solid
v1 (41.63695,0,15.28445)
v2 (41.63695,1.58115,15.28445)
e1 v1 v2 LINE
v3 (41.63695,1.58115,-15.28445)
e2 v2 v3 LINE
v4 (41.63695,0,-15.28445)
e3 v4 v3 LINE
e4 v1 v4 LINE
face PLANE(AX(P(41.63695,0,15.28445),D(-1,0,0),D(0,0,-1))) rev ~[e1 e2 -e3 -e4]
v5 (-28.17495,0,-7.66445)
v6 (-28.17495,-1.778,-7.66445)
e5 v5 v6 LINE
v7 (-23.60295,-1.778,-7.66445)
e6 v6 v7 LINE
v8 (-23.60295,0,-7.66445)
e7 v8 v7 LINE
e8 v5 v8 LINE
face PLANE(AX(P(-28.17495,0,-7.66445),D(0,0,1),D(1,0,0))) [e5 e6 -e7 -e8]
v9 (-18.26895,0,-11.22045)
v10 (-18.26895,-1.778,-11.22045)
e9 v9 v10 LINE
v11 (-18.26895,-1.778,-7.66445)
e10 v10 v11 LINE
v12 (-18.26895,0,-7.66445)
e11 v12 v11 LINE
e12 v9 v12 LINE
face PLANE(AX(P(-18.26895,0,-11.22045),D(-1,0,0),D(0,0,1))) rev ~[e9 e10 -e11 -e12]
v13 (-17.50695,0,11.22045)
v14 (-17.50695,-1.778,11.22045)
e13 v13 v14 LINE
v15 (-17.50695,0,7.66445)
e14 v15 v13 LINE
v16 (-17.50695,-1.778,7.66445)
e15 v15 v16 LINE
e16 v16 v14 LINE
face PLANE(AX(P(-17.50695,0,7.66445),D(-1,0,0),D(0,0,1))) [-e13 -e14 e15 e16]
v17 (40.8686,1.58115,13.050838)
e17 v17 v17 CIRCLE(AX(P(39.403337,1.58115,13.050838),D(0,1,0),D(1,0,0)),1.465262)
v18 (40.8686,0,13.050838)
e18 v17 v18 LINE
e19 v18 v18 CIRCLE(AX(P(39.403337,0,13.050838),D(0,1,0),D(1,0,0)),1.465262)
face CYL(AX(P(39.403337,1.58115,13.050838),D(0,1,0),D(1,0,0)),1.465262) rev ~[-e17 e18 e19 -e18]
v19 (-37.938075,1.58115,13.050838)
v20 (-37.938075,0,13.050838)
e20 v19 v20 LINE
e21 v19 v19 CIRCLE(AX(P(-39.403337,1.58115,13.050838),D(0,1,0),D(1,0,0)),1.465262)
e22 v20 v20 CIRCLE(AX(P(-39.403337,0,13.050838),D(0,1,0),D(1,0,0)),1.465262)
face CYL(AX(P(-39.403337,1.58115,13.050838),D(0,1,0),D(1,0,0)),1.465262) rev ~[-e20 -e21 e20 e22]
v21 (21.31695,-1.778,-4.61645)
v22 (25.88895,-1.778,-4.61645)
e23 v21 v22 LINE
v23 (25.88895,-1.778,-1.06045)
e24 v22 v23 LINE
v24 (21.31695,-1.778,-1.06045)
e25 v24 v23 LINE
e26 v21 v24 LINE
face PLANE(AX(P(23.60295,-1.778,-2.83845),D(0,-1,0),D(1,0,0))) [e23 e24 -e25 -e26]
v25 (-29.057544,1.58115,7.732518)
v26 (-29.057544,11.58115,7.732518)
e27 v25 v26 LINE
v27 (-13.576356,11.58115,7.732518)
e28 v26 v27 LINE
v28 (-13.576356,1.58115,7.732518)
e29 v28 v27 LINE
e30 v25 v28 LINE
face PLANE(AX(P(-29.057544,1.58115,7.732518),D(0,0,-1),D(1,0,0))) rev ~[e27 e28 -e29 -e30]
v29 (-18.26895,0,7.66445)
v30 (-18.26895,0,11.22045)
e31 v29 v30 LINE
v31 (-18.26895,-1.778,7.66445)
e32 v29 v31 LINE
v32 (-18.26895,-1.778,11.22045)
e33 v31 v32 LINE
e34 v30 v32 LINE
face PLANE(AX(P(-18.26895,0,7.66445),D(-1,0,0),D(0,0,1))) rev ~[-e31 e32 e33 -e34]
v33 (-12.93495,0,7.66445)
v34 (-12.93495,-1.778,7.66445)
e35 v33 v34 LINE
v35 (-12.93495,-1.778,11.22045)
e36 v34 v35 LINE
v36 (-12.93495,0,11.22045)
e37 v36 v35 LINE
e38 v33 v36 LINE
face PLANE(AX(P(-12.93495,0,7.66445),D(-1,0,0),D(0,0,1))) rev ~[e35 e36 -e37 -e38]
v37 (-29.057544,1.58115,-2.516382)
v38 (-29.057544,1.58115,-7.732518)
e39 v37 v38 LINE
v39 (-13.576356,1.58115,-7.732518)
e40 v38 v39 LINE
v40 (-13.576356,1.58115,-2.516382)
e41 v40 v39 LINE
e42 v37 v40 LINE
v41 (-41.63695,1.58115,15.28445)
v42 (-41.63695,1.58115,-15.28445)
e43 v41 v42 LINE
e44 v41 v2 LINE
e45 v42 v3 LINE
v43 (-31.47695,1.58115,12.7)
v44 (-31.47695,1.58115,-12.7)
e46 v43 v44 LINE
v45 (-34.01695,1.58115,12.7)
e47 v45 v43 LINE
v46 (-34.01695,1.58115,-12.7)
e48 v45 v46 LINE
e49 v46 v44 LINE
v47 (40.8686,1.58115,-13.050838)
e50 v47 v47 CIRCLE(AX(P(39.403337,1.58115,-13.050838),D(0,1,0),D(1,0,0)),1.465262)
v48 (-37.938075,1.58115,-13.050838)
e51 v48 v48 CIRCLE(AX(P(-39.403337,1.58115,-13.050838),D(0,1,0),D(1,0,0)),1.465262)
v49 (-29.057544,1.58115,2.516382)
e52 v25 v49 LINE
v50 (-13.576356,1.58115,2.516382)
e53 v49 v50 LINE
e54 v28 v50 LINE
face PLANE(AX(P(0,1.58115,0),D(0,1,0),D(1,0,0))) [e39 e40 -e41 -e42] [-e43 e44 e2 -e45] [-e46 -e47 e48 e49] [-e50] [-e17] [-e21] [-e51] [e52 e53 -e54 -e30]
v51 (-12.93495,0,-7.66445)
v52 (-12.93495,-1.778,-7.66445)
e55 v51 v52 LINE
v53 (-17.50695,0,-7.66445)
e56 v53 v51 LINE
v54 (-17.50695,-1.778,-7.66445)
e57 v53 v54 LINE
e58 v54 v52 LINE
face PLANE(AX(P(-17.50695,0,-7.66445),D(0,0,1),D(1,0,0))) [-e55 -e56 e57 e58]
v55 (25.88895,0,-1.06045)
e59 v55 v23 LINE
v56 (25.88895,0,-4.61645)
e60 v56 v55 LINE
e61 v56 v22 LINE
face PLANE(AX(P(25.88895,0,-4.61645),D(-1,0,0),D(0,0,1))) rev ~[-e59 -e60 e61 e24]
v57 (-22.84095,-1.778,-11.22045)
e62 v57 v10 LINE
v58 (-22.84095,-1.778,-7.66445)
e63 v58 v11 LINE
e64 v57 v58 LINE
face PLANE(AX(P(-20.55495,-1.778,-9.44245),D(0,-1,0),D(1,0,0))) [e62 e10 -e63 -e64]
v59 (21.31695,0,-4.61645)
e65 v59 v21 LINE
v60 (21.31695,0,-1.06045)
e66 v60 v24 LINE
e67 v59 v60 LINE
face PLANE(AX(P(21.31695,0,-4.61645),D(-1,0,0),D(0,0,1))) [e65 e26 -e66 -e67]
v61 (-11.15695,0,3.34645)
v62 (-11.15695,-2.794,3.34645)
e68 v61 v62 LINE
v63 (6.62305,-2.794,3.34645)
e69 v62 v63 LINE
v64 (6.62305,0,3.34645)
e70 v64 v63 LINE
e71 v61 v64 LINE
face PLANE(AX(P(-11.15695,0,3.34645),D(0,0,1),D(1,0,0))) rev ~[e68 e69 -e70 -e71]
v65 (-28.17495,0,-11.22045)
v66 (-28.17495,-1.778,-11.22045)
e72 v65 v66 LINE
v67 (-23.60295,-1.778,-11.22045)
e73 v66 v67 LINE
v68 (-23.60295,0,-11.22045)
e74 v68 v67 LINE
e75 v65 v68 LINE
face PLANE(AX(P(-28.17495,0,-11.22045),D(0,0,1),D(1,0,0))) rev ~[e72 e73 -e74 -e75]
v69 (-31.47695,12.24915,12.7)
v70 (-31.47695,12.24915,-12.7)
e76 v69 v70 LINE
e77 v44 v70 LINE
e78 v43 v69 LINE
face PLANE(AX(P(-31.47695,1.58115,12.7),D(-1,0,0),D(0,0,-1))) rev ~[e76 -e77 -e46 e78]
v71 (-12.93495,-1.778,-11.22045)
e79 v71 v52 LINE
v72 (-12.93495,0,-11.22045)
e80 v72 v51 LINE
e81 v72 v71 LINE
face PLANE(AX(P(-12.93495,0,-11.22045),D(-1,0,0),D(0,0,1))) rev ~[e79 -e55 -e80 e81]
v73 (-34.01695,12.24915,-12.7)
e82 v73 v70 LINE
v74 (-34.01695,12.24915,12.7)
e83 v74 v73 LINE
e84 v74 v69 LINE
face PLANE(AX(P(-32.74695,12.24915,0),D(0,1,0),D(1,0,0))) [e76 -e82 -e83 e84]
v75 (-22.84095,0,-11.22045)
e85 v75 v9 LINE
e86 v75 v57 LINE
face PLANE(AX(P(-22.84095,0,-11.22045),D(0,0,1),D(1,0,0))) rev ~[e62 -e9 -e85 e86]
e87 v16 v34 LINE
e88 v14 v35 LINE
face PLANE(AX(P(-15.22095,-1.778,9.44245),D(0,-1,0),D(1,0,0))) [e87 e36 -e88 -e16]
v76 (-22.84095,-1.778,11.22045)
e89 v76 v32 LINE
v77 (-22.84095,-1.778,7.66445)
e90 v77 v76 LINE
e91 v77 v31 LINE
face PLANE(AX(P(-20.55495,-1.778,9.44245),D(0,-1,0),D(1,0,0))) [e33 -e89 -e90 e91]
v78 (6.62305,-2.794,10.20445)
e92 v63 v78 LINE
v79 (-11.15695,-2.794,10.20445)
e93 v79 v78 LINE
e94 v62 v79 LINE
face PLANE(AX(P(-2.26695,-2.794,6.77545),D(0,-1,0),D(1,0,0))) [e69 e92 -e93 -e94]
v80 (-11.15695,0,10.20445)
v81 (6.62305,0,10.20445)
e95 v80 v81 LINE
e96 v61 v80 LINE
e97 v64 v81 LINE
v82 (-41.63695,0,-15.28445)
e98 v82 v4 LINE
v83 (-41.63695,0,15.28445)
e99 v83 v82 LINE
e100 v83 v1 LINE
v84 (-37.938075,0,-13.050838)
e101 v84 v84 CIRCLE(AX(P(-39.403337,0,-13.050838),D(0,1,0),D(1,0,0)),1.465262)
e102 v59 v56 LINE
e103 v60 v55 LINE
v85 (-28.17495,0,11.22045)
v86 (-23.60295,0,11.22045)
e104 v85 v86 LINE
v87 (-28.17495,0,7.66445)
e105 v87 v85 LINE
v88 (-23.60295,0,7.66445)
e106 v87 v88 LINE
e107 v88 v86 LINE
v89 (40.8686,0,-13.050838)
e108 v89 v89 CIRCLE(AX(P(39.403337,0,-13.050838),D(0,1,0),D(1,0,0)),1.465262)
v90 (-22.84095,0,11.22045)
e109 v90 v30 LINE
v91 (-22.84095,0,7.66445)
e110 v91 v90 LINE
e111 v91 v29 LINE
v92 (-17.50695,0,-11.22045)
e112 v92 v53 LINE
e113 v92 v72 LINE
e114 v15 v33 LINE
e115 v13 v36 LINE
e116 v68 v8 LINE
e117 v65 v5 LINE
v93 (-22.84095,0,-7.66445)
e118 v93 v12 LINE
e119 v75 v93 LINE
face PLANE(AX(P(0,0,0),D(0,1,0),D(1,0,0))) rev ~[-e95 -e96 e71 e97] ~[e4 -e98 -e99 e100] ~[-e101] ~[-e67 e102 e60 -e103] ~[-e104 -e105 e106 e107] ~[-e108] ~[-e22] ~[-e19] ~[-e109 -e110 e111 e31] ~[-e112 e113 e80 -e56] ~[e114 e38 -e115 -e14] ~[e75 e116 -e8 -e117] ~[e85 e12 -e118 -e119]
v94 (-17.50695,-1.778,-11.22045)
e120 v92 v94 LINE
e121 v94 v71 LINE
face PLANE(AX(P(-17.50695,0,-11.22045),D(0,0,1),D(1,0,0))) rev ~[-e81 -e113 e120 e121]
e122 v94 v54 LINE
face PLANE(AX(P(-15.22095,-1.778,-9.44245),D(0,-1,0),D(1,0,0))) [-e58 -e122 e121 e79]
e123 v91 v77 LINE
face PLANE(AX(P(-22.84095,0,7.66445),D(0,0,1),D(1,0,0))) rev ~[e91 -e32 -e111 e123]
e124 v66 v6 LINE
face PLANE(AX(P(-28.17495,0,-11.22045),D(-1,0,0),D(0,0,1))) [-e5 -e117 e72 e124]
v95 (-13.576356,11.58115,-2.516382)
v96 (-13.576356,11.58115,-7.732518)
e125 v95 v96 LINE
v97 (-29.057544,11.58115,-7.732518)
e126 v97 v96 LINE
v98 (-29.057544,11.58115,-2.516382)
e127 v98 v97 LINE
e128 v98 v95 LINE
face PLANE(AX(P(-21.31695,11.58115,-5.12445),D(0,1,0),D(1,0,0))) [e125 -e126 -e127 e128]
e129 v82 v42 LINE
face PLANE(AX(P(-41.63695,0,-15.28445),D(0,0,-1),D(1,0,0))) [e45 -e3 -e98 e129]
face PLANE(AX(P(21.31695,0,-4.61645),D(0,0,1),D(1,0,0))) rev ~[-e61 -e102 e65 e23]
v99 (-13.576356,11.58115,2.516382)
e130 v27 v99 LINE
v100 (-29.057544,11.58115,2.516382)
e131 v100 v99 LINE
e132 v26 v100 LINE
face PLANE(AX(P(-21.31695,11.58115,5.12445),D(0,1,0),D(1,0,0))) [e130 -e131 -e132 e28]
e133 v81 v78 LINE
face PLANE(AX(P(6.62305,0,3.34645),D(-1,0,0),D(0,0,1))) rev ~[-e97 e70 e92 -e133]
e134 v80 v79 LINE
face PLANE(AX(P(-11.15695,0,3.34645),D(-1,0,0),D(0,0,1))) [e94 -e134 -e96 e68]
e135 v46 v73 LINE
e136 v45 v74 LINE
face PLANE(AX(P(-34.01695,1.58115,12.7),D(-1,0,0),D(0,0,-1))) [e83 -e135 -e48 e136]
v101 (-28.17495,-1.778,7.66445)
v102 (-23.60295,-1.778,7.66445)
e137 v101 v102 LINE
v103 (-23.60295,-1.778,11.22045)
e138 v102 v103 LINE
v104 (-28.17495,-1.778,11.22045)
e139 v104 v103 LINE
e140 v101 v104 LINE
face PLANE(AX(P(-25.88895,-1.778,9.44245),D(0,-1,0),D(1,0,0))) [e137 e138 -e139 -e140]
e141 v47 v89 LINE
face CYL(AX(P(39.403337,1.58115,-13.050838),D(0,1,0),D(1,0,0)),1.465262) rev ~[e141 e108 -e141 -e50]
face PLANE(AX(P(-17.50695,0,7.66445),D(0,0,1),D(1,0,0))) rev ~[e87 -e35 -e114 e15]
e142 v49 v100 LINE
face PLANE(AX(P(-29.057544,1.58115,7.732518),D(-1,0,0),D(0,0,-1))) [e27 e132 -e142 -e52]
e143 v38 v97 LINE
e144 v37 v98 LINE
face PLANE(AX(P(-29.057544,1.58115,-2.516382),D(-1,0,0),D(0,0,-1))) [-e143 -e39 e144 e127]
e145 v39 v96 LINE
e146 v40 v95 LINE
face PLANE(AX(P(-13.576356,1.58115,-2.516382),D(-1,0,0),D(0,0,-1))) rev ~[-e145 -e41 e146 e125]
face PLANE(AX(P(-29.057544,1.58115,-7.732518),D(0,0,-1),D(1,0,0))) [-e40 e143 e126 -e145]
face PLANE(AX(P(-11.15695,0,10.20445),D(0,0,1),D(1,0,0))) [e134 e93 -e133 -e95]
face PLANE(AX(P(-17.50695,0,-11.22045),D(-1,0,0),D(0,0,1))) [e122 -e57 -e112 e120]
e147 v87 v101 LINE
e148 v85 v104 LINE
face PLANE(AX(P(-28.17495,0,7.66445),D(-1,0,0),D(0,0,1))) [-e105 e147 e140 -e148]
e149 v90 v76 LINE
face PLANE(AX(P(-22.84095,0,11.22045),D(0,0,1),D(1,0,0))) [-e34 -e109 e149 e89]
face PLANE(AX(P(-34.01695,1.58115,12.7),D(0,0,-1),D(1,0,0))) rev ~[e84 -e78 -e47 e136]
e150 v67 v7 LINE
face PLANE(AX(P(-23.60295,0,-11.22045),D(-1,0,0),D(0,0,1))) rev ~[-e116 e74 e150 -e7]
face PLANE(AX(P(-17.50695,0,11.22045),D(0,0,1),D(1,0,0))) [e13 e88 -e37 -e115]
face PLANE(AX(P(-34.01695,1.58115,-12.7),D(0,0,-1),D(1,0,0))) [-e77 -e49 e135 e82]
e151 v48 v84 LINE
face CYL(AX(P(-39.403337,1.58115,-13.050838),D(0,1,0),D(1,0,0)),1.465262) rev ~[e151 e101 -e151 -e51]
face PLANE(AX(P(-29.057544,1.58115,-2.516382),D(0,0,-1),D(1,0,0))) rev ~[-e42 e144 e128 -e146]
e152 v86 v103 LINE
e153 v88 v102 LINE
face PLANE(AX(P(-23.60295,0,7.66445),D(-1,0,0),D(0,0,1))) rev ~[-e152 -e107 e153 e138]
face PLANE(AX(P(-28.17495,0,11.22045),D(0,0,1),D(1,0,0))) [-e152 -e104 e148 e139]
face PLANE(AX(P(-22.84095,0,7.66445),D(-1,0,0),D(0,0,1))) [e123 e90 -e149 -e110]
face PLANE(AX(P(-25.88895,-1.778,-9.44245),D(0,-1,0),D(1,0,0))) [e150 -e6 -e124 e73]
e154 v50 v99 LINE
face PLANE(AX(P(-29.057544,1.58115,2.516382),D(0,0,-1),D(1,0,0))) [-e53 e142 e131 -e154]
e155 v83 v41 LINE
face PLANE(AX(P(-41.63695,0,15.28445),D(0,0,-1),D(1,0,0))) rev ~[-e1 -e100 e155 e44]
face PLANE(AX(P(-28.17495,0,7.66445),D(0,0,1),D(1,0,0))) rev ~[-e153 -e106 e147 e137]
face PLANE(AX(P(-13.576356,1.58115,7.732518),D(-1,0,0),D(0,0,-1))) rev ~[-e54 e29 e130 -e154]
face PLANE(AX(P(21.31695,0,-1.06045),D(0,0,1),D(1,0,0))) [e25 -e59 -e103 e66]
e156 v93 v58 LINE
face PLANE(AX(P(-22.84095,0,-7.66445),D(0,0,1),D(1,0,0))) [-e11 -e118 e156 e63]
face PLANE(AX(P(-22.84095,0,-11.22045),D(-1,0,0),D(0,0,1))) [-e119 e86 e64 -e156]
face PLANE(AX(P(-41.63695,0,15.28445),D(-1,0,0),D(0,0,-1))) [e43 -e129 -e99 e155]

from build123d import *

# Parameters (mm, degrees)
SKETCH1_W                  = 83.2739
SKETCH1_H                  = 30.5689
PROTON_PCB_DEPTH           = 1.58115
SKETCH2_W                  = 15.481187868
SKETCH2_H                  = 5.216136306
JST_6_PIN_CONNECTORS_DEPTH = 10
SKETCH3_W                  = 2.54
SKETCH3_H                  = 25.4
BOSS_EXTRUDE1_DEPTH        = 10.668
SKETCH4_R                  = 1.4652625
CUT_EXTRUDE1_DEPTH         = 1.58115
SKETCH5_W                  = 4.572
SKETCH5_H                  = 3.556
BOSS_EXTRUDE2_DEPTH        = 1.778
SKETCH6_W                  = 17.78
SKETCH6_H                  = 6.858
BOSS_EXTRUDE3_DEPTH        = 2.794


with BuildPart() as part:
    # Sketch1 → Proton PCB (new body)
    with BuildSketch(Plane(origin=(0, 0, 0), x_dir=(1, 0, 0), z_dir=(0, 1, 0))):
        Rectangle(SKETCH1_W, SKETCH1_H)
    extrude(amount=PROTON_PCB_DEPTH)

    # Sketch2 → JST 6 pin Connectors (add)
    with BuildSketch(Plane(origin=(0, 1.58115, 0), x_dir=(1, 0, 0), z_dir=(0, 1, 0))):
        with Locations((-21.31695, 5.12445)):
            Rectangle(SKETCH2_W, SKETCH2_H)
        with Locations((-21.31695, -5.12445)):
            Rectangle(SKETCH2_W, SKETCH2_H)
    extrude(amount=JST_6_PIN_CONNECTORS_DEPTH)

    # Sketch3 → Boss-Extrude1 (add)
    with BuildSketch(Plane(origin=(0, 1.58115, 0), x_dir=(1, 0, 0), z_dir=(0, 1, 0))):
        with Locations((-32.74695, 0)):
            Rectangle(SKETCH3_W, SKETCH3_H)
    extrude(amount=BOSS_EXTRUDE1_DEPTH)

    # Sketch4 → Cut-Extrude1 (cut)
    with BuildSketch(Plane(origin=(0, 1.58115, 0), x_dir=(1, 0, 0), z_dir=(0, 1, 0))):
        with Locations((-39.4033375, 13.0508375)):
            Circle(SKETCH4_R)
        with Locations((39.4033375, 13.0508375)):
            Circle(SKETCH4_R)
        with Locations((-39.4033375, -13.0508375)):
            Circle(SKETCH4_R)
        with Locations((39.4033375, -13.0508375)):
            Circle(SKETCH4_R)
    extrude(amount=-CUT_EXTRUDE1_DEPTH, mode=Mode.SUBTRACT)

    # Sketch5 → Boss-Extrude2 (add)
    with BuildSketch(Plane.XZ):
        with Locations((-20.55495, 9.44245)):
            Rectangle(SKETCH5_W, SKETCH5_H)
        with Locations((-25.88895, 9.44245)):
            Rectangle(SKETCH5_W, SKETCH5_H)
        with Locations((-15.22095, 9.44245)):
            Rectangle(SKETCH5_W, SKETCH5_H)
        with Locations((23.60295, -2.83845)):
            Rectangle(SKETCH5_W, SKETCH5_H)
        with Locations((-15.22095, -9.44245)):
            Rectangle(SKETCH5_W, SKETCH5_H)
        with Locations((-20.55495, -9.44245)):
            Rectangle(SKETCH5_W, SKETCH5_H)
        with Locations((-25.88895, -9.44245)):
            Rectangle(SKETCH5_W, SKETCH5_H)
    extrude(amount=BOSS_EXTRUDE2_DEPTH)

    # Sketch6 → Boss-Extrude3 (add)
    with BuildSketch(Plane.XZ):
        with Locations((-2.26695, 6.77545)):
            Rectangle(SKETCH6_W, SKETCH6_H)
    extrude(amount=BOSS_EXTRUDE3_DEPTH)


solid = part.part
